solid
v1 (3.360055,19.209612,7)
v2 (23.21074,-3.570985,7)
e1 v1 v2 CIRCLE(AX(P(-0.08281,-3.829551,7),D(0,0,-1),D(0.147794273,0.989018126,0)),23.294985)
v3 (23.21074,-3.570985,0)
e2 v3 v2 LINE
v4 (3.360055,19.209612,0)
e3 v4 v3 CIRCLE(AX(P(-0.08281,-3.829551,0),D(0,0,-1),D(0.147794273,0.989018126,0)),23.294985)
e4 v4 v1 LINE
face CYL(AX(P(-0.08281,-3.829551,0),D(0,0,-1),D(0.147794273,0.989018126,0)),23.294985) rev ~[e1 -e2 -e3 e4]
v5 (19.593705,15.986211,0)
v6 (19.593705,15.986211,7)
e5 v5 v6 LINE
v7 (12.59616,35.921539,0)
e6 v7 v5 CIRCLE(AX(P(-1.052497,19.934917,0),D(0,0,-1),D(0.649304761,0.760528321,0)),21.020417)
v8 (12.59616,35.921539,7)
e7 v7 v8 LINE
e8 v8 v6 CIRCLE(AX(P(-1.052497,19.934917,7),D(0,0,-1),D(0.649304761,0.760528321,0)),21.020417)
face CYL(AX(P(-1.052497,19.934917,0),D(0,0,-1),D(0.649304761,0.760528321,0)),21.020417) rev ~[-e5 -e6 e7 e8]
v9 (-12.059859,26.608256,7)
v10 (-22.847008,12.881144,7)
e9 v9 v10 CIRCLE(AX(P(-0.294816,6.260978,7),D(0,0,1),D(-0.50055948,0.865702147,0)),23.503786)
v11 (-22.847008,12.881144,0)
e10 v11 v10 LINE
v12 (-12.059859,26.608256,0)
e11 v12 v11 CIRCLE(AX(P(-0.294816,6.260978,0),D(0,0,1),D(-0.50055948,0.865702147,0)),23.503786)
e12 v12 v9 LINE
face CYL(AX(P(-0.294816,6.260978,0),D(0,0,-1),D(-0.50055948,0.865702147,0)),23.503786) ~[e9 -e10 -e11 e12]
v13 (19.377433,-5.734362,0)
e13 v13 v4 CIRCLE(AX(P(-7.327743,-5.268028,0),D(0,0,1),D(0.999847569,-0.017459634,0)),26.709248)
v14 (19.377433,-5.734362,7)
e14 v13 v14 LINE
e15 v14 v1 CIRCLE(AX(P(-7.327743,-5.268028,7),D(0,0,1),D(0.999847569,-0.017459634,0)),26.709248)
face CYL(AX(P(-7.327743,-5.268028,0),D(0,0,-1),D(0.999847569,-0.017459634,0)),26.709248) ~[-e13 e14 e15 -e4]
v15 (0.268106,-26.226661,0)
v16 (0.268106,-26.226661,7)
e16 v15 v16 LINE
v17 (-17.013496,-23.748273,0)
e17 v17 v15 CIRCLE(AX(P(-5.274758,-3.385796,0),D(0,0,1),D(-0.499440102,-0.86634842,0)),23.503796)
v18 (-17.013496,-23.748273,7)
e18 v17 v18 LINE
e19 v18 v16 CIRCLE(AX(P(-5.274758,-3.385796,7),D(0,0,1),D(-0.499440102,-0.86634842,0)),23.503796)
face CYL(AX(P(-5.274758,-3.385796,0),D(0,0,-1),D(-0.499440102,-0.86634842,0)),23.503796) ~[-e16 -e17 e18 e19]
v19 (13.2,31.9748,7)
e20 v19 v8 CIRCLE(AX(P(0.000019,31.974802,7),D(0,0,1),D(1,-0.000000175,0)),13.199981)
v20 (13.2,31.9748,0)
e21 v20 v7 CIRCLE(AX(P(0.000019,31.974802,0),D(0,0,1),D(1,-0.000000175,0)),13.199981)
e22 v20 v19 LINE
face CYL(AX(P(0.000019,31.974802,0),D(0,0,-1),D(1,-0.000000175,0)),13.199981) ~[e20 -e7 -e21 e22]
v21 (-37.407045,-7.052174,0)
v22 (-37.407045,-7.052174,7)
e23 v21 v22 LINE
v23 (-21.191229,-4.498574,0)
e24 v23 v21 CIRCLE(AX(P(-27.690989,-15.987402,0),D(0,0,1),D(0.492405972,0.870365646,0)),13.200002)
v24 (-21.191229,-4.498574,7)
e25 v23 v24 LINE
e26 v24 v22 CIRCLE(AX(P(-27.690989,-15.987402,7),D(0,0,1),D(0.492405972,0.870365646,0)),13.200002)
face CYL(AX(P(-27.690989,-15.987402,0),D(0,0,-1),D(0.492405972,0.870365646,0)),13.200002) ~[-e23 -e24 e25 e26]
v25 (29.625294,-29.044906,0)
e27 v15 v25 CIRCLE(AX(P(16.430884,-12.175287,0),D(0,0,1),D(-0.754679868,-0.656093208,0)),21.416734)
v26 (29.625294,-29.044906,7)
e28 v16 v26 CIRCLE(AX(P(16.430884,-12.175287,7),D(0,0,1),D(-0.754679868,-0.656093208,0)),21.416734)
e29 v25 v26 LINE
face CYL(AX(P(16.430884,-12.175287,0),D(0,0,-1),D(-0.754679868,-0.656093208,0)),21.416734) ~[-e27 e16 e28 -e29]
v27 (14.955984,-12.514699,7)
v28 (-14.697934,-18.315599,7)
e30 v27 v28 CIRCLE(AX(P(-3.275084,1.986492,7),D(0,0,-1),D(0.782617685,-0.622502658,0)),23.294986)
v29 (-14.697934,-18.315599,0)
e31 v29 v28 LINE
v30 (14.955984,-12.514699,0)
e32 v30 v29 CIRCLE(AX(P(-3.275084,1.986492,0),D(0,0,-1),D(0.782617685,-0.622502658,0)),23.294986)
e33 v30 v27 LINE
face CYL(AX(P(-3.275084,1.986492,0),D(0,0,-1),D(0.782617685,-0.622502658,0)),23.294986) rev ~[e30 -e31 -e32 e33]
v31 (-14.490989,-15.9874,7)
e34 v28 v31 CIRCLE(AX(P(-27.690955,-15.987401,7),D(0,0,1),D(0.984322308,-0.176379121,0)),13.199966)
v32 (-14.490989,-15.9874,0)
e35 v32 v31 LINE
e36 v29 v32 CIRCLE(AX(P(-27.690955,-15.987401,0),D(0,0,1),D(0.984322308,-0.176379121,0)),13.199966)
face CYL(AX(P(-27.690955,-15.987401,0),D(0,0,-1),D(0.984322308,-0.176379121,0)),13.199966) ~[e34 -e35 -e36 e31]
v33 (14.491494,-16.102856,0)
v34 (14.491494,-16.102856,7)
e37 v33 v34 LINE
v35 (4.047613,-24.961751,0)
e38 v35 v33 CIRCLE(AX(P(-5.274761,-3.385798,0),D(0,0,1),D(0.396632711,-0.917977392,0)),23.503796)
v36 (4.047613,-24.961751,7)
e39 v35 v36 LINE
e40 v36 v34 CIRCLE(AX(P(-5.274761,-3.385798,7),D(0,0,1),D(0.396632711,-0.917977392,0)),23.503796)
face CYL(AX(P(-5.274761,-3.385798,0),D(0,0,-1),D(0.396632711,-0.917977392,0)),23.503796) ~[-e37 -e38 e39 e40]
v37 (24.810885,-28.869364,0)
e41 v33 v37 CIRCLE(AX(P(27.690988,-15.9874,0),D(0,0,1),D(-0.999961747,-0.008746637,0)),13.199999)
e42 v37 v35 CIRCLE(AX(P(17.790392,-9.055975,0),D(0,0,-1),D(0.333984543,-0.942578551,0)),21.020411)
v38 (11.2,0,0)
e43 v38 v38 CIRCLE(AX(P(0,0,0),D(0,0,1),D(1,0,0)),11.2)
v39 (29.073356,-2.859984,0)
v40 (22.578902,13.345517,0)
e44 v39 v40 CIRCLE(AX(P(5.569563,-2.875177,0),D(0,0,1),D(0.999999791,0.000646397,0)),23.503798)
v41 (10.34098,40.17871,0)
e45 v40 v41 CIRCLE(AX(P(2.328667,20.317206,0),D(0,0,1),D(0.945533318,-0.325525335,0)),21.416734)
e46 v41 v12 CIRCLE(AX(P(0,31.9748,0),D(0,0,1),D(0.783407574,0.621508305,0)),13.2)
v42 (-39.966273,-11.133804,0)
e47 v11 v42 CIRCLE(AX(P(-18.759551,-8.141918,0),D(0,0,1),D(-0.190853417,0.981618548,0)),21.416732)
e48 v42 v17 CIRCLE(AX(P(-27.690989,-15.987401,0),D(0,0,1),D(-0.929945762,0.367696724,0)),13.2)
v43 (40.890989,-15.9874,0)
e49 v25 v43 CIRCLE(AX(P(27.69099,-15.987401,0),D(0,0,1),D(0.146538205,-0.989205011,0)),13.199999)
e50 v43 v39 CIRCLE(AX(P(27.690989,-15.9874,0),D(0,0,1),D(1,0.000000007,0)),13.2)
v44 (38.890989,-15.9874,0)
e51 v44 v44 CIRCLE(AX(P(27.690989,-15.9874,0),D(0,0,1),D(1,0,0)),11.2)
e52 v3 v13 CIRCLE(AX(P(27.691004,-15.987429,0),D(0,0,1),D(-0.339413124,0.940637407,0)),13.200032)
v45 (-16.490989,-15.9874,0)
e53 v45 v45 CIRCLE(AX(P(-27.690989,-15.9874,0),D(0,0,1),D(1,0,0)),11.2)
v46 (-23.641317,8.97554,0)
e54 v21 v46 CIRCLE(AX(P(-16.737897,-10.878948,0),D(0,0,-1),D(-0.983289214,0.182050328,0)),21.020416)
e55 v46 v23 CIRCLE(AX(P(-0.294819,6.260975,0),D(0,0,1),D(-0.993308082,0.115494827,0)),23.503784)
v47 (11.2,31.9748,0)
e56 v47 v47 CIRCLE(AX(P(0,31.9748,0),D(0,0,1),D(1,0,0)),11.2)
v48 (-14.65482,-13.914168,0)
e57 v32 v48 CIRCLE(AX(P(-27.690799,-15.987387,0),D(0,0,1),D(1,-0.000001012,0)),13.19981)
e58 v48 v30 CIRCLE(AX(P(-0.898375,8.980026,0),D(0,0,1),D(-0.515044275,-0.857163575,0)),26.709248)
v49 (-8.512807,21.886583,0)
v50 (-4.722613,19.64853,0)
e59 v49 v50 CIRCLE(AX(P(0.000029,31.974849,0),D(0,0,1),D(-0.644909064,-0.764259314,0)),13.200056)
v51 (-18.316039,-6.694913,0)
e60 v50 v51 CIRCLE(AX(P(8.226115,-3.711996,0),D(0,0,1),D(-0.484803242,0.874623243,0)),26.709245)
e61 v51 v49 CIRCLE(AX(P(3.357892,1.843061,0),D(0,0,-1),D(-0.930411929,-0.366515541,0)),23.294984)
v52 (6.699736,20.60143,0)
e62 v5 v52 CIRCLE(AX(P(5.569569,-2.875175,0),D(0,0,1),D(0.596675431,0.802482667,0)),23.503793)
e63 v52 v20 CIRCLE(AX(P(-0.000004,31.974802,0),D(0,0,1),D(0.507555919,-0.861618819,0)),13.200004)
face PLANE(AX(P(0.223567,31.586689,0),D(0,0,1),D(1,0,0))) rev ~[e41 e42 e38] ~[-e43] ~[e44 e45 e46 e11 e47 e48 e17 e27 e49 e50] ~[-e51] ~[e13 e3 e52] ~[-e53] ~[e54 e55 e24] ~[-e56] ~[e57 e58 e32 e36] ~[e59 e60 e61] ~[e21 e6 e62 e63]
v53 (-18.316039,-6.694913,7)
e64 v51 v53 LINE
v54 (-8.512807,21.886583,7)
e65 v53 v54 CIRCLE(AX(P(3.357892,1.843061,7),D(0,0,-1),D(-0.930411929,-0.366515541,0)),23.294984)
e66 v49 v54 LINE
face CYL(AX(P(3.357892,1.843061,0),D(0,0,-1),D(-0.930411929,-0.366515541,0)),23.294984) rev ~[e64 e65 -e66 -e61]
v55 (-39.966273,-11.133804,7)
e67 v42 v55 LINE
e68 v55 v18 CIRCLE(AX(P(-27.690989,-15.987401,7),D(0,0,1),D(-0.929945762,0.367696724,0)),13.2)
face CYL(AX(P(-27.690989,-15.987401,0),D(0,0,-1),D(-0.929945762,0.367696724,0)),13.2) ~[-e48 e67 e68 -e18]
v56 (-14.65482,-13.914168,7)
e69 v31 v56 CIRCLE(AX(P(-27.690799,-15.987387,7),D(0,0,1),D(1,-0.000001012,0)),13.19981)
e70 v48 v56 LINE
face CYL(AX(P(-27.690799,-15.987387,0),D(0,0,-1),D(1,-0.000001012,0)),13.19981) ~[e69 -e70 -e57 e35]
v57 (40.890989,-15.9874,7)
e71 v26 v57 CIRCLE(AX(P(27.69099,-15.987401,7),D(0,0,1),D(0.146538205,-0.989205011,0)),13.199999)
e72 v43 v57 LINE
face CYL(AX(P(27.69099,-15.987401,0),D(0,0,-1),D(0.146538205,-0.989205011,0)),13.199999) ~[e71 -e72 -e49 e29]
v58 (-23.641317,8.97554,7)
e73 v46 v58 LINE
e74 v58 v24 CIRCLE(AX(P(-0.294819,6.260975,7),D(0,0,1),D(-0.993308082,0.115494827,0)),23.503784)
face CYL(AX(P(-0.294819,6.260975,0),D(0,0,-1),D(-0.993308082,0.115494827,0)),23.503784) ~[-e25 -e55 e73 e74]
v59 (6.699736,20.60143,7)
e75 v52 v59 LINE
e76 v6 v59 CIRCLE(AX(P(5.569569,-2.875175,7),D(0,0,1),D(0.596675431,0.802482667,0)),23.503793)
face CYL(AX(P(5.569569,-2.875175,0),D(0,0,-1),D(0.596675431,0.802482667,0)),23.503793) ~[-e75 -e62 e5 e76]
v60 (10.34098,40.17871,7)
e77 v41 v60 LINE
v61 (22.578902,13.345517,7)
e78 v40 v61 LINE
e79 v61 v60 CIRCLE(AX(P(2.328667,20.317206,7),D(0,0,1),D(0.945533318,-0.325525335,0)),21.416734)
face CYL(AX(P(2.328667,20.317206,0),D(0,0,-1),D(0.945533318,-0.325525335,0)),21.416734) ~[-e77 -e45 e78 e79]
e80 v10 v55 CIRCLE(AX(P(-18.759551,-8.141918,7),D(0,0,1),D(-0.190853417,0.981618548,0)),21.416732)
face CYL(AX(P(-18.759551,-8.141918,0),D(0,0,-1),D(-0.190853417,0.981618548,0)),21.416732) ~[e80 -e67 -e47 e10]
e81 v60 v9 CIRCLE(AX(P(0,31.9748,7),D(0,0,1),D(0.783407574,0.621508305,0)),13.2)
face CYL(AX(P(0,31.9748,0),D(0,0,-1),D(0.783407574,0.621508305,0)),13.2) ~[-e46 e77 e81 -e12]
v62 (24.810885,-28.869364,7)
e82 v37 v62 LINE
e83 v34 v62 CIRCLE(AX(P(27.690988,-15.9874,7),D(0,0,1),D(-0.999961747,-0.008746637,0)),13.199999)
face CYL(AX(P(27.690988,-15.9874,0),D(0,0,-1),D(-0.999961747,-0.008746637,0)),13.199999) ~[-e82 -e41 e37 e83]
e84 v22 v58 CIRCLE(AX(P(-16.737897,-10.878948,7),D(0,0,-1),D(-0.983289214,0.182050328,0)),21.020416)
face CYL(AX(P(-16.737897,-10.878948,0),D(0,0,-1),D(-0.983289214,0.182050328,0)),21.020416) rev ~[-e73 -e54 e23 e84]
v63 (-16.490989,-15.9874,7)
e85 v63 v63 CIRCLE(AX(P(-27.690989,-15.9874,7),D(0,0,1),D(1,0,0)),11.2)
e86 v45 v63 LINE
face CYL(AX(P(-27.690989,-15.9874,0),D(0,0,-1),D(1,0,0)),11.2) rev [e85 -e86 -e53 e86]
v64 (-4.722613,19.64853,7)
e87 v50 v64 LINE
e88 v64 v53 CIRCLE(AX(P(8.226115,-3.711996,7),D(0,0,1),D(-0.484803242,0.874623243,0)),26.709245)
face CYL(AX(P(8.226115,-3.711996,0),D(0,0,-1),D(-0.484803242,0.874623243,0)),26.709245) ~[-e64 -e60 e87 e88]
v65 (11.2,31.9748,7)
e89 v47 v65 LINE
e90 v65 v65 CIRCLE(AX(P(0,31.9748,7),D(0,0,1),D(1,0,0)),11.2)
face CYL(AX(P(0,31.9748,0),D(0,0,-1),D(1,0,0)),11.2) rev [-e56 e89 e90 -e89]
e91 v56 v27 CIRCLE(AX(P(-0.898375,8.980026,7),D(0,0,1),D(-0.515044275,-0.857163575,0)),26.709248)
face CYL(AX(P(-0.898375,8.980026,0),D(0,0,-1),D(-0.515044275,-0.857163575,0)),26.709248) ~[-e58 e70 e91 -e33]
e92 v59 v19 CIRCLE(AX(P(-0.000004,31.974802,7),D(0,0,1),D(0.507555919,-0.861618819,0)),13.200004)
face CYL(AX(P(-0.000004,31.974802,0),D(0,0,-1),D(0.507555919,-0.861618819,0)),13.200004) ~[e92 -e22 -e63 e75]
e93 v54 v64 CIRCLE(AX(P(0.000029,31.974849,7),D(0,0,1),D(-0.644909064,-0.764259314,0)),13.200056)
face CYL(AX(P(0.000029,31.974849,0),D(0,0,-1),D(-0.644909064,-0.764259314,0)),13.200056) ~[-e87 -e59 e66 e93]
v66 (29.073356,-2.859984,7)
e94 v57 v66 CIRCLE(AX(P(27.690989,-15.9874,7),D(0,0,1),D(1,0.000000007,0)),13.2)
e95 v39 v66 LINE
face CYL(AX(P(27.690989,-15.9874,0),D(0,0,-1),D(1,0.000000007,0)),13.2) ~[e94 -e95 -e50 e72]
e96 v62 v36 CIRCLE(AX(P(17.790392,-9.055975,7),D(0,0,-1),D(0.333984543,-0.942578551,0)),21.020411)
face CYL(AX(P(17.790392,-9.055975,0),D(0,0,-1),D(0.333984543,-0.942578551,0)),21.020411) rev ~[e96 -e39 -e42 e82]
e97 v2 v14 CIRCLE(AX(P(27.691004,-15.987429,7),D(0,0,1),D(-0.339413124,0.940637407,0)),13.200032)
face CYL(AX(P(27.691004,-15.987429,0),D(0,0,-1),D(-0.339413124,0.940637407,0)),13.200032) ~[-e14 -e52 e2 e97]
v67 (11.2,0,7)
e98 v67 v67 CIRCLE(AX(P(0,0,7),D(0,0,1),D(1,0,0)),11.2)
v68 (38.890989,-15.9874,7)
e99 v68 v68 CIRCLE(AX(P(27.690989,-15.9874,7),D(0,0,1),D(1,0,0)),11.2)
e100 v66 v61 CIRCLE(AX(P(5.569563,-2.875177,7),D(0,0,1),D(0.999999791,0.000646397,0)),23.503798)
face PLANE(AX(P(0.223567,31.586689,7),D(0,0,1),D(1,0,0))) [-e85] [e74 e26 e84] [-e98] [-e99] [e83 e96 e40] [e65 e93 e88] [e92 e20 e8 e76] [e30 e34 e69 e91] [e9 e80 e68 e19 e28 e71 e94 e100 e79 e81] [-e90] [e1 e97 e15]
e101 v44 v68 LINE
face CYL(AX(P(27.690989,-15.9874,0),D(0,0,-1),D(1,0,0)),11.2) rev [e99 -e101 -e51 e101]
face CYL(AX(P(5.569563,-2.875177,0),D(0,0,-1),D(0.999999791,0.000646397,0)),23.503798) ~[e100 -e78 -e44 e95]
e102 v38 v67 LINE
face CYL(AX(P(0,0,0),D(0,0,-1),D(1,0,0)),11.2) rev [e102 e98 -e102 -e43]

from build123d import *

# Parameters (mm, degrees)
F0_R     = 11.2
F0_R_2   = 13.2
F1_DEPTH = 7


with BuildPart() as f1:
    # F0 (on Top) → F1 (new body)
    with BuildSketch(Plane.XY):
        with BuildLine():
            ThreePointArc((6.699736, 20.60143), (11.46029, 25.424858), (13.2, 31.9748))
            ThreePointArc((13.2, 31.9748), (13.048167, 33.971132), (12.59616, 35.921539))
            ThreePointArc((12.59616, 35.921539), (11.664432, 38.15388), (10.34098, 40.17871))
            ThreePointArc((10.34098, 40.17871), (-6.83944, 43.26471), (-12.059859, 26.608256))
            ThreePointArc((-12.059859, 26.608256), (-10.553777, 24.046509), (-8.512807, 21.886583))
            ThreePointArc((-8.512807, 21.886583), (-6.711654, 20.60846), (-4.722613, 19.64853))
            ThreePointArc((-4.722613, 19.64853), (-0.715754, 18.79422), (3.360055, 19.209612))
            ThreePointArc((3.360055, 19.209612), (5.077808, 19.790553), (6.699736, 20.60143))
        make_face()
        with Locations((0, 31.9748)):
            Circle(F0_R, mode=Mode.SUBTRACT)
        with BuildLine():
            ThreePointArc((10.34098, 40.17871), (11.664432, 38.15388), (12.59616, 35.921539))
            ThreePointArc((12.59616, 35.921539), (18.781531, 26.896904), (19.593705, 15.986211))
            ThreePointArc((19.593705, 15.986211), (21.142377, 14.729254), (22.578902, 13.345517))
            ThreePointArc((22.578902, 13.345517), (21.814507, 29.204192), (10.34098, 40.17871))
        make_face()
        with BuildLine():
            ThreePointArc((19.593705, 15.986211), (13.490319, 19.253765), (6.699736, 20.60143))
            ThreePointArc((6.699736, 20.60143), (5.077808, 19.790553), (3.360055, 19.209612))
            ThreePointArc((3.360055, 19.209612), (17.479874, 11.47432), (23.21074, -3.570985))
            ThreePointArc((23.21074, -3.570985), (26.101776, -2.883416), (29.073356, -2.859984))
            ThreePointArc((29.073356, -2.859984), (27.386598, 5.868135), (22.578902, 13.345517))
            ThreePointArc((22.578902, 13.345517), (21.142377, 14.729254), (19.593705, 15.986211))
        make_face()
        with BuildLine():
            ThreePointArc((-8.512807, 21.886583), (-10.553777, 24.046509), (-12.059859, 26.608256))
            ThreePointArc((-12.059859, 26.608256), (-18.775253, 20.783423), (-22.847008, 12.881144))
            ThreePointArc((-22.847008, 12.881144), (-23.327096, 10.945209), (-23.641317, 8.97554))
            ThreePointArc((-23.641317, 8.97554), (-23.419409, 2.056076), (-21.191229, -4.498574))
            ThreePointArc((-21.191229, -4.498574), (-19.678026, -5.497766), (-18.316039, -6.694913))
            ThreePointArc((-18.316039, -6.694913), (-18.67699, 9.400855), (-8.512807, 21.886583))
        make_face()
        with BuildLine():
            ThreePointArc((23.21074, -3.570985), (21.203277, -4.491767), (19.377433, -5.734362))
            ThreePointArc((19.377433, -5.734362), (16.634148, -8.777249), (14.955984, -12.514699))
            ThreePointArc((14.955984, -12.514699), (14.600218, -14.292788), (14.491494, -16.102856))
            ThreePointArc((14.491494, -16.102856), (17.425303, -24.285333), (24.810885, -28.869364))
            ThreePointArc((24.810885, -28.869364), (27.210013, -29.178634), (29.625294, -29.044906))
            ThreePointArc((29.625294, -29.044906), (37.685308, -24.610253), (40.890989, -15.9874))
            ThreePointArc((40.890989, -15.9874), (37.501372, -7.155844), (29.073356, -2.859984))
            ThreePointArc((29.073356, -2.859984), (26.101776, -2.883416), (23.21074, -3.570985))
        make_face()
        with Locations((27.690989, -15.9874)):
            Circle(F0_R, mode=Mode.SUBTRACT)
        with BuildLine():
            ThreePointArc((-23.641317, 8.97554), (-23.327096, 10.945209), (-22.847008, 12.881144))
            ThreePointArc((-22.847008, 12.881144), (-36.198826, 4.289821), (-39.966273, -11.133804))
            ThreePointArc((-39.966273, -11.133804), (-38.874445, -8.975245), (-37.407045, -7.052174))
            ThreePointArc((-37.407045, -7.052174), (-32.684167, 2.816831), (-23.641317, 8.97554))
        make_face()
        with BuildLine():
            ThreePointArc((-14.65482, -13.914168), (-15.918395, -10.016971), (-18.316039, -6.694913))
            ThreePointArc((-18.316039, -6.694913), (-19.678026, -5.497766), (-21.191229, -4.498574))
            ThreePointArc((-21.191229, -4.498574), (-29.744367, -2.948089), (-37.407045, -7.052174))
            ThreePointArc((-37.407045, -7.052174), (-38.874445, -8.975245), (-39.966273, -11.133804))
            ThreePointArc((-39.966273, -11.133804), (-34.048618, -27.555484), (-17.013496, -23.748273))
            ThreePointArc((-17.013496, -23.748273), (-15.547999, -21.163093), (-14.697934, -18.315599))
            ThreePointArc((-14.697934, -18.315599), (-14.542827, -17.156089), (-14.490989, -15.9874))
            ThreePointArc((-14.490989, -15.9874), (-14.53201, -14.947552), (-14.65482, -13.914168))
        make_face()
        with Locations((-27.690989, -15.9874)):
            Circle(F0_R, mode=Mode.SUBTRACT)
        with BuildLine():
            ThreePointArc((14.491494, -16.102856), (14.600218, -14.292788), (14.955984, -12.514699))
            ThreePointArc((14.955984, -12.514699), (1.197116, -20.875175), (-14.697934, -18.315599))
            ThreePointArc((-14.697934, -18.315599), (-15.547999, -21.163093), (-17.013496, -23.748273))
            ThreePointArc((-17.013496, -23.748273), (-8.611345, -26.651557), (0.268106, -26.226661))
            ThreePointArc((0.268106, -26.226661), (2.184719, -25.674462), (4.047613, -24.961751))
            ThreePointArc((4.047613, -24.961751), (9.92909, -21.309841), (14.491494, -16.102856))
        make_face()
        with BuildLine():
            ThreePointArc((0.268106, -26.226661), (14.384319, -33.494013), (29.625294, -29.044906))
            ThreePointArc((29.625294, -29.044906), (27.210013, -29.178634), (24.810885, -28.869364))
            ThreePointArc((24.810885, -28.869364), (13.902636, -29.713735), (4.047613, -24.961751))
            ThreePointArc((4.047613, -24.961751), (2.184719, -25.674462), (0.268106, -26.226661))
        make_face()
        with BuildLine():
            ThreePointArc((19.377433, -5.734362), (15.146889, 9.163701), (3.360055, 19.209612))
            ThreePointArc((3.360055, 19.209612), (-0.715754, 18.79422), (-4.722613, 19.64853))
            ThreePointArc((-4.722613, 19.64853), (-15.509442, 8.535741), (-18.316039, -6.694913))
            ThreePointArc((-18.316039, -6.694913), (-15.918395, -10.016971), (-14.65482, -13.914168))
            ThreePointArc((-14.65482, -13.914168), (0.362553, -17.699441), (14.955984, -12.514699))
            ThreePointArc((14.955984, -12.514699), (16.634148, -8.777249), (19.377433, -5.734362))
        make_face()
        Circle(F0_R_2, mode=Mode.SUBTRACT)
        Circle(F0_R_2)
        Circle(F0_R, mode=Mode.SUBTRACT)
    extrude(amount=F1_DEPTH)


solid = f1.part
